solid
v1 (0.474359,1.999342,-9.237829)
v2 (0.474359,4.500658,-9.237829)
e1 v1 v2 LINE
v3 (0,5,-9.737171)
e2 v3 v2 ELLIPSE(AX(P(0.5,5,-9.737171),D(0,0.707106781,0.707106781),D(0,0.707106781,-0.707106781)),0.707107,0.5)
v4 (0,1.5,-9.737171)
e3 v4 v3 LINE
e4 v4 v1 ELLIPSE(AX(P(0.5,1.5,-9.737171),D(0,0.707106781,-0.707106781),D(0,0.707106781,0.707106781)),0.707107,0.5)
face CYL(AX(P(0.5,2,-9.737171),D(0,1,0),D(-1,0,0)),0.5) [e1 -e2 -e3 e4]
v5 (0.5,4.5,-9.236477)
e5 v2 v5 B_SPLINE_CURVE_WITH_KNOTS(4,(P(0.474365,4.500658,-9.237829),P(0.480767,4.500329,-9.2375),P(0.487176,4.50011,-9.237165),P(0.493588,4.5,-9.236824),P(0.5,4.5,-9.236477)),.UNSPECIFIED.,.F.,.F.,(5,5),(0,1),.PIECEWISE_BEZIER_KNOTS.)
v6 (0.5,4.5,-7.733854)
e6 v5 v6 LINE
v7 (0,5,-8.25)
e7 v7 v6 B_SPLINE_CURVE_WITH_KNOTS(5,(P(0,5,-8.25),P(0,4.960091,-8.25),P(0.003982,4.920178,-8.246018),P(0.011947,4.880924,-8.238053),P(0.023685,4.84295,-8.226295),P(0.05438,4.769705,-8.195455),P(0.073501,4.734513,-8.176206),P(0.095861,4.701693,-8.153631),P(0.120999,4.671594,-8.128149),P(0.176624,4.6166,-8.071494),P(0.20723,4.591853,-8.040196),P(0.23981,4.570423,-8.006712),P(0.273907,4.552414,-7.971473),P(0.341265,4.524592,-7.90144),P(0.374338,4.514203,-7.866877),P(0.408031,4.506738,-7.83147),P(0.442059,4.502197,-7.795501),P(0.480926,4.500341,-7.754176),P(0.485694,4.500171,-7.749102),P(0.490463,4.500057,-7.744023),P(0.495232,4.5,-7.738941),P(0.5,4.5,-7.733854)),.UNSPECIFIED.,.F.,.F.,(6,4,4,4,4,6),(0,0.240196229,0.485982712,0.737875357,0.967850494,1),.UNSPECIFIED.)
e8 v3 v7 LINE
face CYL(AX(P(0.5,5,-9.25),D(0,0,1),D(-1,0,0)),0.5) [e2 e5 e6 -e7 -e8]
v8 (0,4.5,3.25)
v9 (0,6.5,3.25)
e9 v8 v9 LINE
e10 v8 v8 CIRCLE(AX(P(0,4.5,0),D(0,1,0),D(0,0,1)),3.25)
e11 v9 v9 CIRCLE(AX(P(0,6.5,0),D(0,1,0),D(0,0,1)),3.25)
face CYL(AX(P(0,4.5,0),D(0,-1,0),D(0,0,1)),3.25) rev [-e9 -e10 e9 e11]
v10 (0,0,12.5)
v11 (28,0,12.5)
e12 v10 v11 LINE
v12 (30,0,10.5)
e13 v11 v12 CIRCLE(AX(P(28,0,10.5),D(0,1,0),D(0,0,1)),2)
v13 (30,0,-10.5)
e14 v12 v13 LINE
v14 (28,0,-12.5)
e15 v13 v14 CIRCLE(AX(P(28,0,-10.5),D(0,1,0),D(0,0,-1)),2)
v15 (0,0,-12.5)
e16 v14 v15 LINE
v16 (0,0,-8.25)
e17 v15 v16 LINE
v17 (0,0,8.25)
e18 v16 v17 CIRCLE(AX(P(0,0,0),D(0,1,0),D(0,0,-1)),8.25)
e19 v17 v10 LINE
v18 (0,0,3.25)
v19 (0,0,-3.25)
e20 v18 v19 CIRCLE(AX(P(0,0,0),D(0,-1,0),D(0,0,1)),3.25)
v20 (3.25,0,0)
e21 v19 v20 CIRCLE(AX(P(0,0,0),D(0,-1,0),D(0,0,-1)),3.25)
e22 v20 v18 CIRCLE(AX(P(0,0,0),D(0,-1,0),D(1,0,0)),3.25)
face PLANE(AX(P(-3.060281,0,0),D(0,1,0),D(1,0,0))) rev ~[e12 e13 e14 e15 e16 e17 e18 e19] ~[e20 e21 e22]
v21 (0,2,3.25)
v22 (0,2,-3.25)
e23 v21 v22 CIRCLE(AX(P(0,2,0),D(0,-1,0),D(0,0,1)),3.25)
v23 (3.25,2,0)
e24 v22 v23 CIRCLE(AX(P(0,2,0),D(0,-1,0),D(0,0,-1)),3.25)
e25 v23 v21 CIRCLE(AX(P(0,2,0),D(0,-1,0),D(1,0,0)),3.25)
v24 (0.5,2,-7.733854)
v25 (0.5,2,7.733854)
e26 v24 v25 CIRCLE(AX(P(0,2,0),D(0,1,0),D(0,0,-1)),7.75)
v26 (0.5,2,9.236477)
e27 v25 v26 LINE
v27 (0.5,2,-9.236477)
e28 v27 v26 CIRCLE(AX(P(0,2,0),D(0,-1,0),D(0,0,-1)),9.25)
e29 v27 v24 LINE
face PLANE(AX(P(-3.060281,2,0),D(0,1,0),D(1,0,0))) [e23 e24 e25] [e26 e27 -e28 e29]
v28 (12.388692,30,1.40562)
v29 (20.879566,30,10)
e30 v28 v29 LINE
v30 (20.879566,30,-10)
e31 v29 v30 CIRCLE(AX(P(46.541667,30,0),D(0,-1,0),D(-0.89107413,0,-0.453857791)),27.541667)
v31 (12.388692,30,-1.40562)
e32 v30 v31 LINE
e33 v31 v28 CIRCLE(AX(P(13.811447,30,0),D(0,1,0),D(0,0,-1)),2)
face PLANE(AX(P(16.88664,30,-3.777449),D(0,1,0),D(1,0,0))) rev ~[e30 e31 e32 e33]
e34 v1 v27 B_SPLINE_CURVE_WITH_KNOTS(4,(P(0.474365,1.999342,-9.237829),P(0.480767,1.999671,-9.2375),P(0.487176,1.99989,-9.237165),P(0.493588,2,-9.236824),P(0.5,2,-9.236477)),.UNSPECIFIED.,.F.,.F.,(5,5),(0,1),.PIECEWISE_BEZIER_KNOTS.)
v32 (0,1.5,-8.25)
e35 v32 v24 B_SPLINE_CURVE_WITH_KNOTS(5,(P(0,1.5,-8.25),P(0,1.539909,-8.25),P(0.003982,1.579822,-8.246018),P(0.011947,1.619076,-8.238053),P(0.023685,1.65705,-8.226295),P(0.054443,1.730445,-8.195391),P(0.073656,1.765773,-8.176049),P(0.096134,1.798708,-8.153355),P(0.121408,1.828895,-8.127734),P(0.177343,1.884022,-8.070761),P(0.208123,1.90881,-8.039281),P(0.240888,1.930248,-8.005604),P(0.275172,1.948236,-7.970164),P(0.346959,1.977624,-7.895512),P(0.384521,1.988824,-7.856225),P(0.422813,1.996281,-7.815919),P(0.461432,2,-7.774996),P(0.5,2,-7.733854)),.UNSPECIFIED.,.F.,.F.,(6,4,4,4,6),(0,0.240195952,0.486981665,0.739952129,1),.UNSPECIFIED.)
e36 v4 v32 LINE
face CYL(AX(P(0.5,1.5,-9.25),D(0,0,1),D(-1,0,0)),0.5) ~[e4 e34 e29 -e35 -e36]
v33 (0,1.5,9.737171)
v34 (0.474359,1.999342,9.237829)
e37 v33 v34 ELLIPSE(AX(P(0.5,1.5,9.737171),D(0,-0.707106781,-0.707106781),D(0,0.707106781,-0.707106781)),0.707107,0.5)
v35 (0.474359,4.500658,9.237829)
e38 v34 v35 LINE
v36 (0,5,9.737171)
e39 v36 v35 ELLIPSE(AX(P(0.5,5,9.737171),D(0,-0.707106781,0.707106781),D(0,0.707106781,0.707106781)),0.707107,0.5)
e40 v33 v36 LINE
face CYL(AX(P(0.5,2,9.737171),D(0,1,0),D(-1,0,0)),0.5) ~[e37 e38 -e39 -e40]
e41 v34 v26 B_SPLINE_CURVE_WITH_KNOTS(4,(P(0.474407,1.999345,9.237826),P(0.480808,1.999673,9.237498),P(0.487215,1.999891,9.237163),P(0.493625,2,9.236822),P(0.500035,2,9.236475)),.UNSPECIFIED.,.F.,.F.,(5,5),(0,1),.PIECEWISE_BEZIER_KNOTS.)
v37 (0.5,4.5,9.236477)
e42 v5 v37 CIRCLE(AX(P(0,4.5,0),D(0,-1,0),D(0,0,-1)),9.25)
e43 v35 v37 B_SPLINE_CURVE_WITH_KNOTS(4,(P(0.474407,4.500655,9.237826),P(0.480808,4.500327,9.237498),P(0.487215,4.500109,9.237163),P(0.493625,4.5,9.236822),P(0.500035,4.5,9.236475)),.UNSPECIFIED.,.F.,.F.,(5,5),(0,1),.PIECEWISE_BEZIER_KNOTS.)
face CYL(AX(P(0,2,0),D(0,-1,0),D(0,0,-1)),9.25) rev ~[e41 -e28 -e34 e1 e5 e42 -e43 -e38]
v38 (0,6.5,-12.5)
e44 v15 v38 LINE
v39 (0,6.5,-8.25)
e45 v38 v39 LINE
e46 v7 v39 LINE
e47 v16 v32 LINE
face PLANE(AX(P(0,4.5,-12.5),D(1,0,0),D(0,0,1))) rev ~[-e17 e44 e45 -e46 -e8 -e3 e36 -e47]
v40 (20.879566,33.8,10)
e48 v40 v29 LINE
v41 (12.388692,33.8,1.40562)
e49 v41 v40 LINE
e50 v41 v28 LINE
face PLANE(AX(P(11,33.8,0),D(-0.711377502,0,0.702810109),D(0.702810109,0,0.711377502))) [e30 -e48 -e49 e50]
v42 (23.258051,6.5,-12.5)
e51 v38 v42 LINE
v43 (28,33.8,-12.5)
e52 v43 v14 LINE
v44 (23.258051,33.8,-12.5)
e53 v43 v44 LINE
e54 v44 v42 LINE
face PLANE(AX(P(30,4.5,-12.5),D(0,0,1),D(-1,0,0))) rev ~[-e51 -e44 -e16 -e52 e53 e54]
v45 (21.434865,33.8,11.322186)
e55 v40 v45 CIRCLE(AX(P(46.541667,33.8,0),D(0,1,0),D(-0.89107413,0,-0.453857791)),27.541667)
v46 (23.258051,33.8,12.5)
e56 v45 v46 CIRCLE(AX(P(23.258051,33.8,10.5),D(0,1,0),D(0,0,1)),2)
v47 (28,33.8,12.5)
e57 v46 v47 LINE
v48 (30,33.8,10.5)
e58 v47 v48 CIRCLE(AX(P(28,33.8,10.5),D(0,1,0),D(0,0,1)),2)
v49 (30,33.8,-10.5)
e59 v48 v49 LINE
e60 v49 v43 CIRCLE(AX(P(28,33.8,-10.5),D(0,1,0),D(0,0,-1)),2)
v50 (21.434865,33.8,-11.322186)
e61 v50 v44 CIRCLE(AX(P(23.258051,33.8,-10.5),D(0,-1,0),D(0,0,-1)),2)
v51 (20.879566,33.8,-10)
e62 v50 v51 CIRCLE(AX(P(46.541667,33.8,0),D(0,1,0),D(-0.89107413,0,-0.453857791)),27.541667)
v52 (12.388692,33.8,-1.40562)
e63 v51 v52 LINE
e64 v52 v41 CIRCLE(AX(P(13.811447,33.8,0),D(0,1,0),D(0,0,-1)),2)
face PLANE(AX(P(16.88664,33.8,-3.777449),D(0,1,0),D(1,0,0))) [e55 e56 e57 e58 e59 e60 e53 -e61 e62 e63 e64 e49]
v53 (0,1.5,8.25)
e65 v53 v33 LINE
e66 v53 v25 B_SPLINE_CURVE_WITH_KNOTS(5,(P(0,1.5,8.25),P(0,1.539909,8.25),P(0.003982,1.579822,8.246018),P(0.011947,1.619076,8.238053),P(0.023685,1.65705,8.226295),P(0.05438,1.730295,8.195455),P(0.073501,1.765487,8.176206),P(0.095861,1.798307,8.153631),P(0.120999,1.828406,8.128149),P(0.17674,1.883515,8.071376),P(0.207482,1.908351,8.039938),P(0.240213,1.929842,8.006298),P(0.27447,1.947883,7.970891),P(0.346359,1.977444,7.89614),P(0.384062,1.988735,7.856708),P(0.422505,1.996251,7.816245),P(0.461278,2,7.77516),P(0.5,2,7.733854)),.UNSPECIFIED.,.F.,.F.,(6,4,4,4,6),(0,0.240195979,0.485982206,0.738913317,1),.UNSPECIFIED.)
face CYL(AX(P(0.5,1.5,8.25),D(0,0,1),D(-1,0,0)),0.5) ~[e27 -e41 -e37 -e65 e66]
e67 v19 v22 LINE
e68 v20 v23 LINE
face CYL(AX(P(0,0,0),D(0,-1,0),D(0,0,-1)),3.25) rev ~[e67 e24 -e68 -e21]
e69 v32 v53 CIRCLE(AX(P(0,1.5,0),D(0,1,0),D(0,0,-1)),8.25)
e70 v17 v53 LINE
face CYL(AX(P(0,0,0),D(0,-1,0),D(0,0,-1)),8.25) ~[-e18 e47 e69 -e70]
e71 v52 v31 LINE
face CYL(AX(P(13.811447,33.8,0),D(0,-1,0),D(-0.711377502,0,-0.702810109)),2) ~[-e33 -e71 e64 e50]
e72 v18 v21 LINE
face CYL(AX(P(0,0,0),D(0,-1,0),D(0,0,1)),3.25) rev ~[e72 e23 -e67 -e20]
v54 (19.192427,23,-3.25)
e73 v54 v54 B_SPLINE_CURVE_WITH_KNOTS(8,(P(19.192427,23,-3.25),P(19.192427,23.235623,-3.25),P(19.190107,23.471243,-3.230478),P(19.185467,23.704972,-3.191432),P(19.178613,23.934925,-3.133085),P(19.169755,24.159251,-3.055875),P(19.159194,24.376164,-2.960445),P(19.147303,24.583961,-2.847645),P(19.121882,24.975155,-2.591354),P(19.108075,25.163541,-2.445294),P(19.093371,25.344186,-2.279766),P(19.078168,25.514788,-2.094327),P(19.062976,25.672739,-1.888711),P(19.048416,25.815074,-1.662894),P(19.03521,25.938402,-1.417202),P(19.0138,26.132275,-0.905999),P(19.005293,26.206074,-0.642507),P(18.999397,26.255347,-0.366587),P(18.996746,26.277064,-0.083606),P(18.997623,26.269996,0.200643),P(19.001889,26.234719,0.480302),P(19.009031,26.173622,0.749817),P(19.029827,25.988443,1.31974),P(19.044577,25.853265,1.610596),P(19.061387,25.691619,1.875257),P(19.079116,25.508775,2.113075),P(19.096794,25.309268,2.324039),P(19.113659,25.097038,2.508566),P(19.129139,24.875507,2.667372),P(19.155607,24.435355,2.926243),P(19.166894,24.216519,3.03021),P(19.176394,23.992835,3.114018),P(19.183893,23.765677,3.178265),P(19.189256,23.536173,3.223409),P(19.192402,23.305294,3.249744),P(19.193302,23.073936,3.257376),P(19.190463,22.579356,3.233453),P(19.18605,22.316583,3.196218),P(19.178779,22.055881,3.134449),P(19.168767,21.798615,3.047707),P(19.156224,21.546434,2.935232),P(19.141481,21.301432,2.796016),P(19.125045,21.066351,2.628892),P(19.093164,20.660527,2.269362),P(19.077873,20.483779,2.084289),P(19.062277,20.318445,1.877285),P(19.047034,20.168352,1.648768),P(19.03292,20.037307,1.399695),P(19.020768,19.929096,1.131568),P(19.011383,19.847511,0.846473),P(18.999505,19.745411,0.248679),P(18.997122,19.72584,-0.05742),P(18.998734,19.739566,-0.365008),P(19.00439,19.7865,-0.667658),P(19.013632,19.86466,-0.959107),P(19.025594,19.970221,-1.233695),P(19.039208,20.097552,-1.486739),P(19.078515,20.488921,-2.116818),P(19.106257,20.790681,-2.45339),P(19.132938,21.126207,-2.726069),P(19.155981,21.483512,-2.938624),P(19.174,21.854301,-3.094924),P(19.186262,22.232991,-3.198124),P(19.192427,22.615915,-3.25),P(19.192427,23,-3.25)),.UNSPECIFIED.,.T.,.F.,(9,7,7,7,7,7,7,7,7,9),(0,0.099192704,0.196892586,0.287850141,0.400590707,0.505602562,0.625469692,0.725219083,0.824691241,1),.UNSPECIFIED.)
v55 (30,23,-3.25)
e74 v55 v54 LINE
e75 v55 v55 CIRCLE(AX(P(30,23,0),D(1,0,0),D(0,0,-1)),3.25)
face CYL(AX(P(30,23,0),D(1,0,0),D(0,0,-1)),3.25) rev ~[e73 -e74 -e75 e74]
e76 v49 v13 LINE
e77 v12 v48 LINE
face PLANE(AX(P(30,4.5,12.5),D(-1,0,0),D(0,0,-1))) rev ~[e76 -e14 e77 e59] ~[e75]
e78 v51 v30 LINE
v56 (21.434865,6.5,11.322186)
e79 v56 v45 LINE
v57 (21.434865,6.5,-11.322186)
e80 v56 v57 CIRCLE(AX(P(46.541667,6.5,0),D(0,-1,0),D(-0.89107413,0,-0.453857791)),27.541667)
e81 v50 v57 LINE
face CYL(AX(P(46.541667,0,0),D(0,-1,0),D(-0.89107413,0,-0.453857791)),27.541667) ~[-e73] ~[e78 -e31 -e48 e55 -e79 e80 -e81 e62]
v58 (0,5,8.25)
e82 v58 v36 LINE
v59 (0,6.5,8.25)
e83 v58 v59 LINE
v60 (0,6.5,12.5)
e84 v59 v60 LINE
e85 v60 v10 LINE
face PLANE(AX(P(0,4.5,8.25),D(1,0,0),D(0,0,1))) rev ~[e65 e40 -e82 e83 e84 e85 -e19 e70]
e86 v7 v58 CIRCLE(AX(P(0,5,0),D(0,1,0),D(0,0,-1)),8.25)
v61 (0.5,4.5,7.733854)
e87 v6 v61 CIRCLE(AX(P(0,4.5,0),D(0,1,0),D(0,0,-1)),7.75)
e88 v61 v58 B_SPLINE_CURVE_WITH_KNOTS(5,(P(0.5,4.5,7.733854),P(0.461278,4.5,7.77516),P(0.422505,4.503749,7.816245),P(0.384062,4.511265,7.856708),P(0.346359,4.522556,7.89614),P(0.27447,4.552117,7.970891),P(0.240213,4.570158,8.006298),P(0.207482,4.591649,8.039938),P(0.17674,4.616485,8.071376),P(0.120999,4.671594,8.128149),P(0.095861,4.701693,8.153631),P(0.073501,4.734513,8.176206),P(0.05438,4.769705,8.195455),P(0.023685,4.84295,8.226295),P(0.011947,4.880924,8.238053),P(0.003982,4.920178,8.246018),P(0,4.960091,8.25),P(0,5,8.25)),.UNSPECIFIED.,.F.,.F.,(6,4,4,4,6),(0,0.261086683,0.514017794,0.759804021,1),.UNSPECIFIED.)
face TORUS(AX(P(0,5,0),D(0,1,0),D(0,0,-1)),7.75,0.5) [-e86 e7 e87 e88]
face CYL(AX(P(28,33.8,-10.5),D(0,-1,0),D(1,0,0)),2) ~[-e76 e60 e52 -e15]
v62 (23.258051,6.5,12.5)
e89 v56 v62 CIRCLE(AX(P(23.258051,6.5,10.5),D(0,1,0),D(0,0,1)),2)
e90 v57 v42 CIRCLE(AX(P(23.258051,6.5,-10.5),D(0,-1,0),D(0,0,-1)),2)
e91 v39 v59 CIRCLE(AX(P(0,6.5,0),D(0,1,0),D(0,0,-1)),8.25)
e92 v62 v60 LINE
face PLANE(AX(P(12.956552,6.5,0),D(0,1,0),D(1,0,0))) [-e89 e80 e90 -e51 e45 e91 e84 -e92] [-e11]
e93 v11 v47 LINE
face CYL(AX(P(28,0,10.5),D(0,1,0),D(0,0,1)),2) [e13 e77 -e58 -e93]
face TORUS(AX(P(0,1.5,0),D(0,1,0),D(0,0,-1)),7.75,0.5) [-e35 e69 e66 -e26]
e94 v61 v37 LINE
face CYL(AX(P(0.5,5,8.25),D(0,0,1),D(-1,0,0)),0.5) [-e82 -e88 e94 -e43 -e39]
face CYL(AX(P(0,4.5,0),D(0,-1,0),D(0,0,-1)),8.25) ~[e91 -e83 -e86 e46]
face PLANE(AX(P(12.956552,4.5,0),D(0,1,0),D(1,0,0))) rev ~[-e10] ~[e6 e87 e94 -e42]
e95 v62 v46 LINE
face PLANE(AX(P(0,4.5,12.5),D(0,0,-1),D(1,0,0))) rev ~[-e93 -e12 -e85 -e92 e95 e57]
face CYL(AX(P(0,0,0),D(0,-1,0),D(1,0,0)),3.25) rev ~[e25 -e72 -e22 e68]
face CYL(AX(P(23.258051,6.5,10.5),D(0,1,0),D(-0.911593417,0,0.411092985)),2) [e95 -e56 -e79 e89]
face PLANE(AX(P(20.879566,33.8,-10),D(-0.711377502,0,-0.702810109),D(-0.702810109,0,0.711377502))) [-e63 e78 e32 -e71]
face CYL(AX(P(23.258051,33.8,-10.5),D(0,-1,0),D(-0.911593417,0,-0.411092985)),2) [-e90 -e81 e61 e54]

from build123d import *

# Parameters (mm, degrees)
BOSS_EXTRUDE1_DEPTH     = 2
BOSS_EXTRUDE2_START     = 2
BOSS_EXTRUDE2_DEPTH     = 2.5
BOSS_EXTRUDE3_START     = 4.5
SKETCH1_6_R             = 3.25
BOSS_EXTRUDE3_DEPTH     = 2
BOSS_EXTRUDE6_DEPTH     = 33.8
BOSS_EXTRUDE7_DEPTH     = 3.8
FILLET1_R               = 2
FILLET2_R               = 2
FILLET3_R               = 0.5
CUT_EXTRUDE1_REACH      = 54.552
CUT_EXTRUDE1_END_RADIUS = 27.541666667
SKETCH6_R               = 3.25


with BuildPart() as part:
    # Sketch1 → Boss-Extrude1 (new body)
    with BuildSketch(Plane(origin=(0, 0, 0), x_dir=(1, 0, 0), z_dir=(0, 1, 0))):
        with BuildLine():
            ThreePointArc((0, 8.25), (-8.25, 0), (0, -8.25))
            Line((0, -8.25), (0, -3.25))
            ThreePointArc((0, -3.25), (-3.25, 0), (0, 3.25))
            Line((0, 3.25), (0, 8.25))
        make_face()
        with BuildLine():
            Line((0, -3.25), (0, -8.25))
            ThreePointArc((0, -8.25), (5.833630945, -5.833630945), (8.25, 0))
            ThreePointArc((8.25, 0), (5.833630945, 5.833630945), (0, 8.25))
            Line((0, 8.25), (0, 3.25))
            ThreePointArc((0, 3.25), (2.298097039, 2.298097039), (3.25, 0))
            ThreePointArc((3.25, 0), (2.298097039, -2.298097039), (0, -3.25))
        make_face()
        with BuildLine():
            Line((0, -8.25), (0, -9.25))
            ThreePointArc((0, -9.25), (9.25, 0), (0, 9.25))
            Line((0, 9.25), (0, 8.25))
            ThreePointArc((0, 8.25), (5.833630945, 5.833630945), (8.25, 0))
            ThreePointArc((8.25, 0), (5.833630945, -5.833630945), (0, -8.25))
        make_face()
        with BuildLine():
            Line((0, -12.5), (22, -12.5))
            ThreePointArc((22, -12.5), (19, 0), (22, 12.5))
            Line((22, 12.5), (0, 12.5))
            Line((0, 12.5), (0, 9.25))
            ThreePointArc((0, 9.25), (9.25, 0), (0, -9.25))
            Line((0, -9.25), (0, -12.5))
        make_face()
        with BuildLine():
            Line((22, -12.5), (30, -12.5))
            Line((30, -12.5), (30, 12.5))
            Line((30, 12.5), (22, 12.5))
            ThreePointArc((22, 12.5), (19, 0), (22, -12.5))
        make_face()
    extrude(amount=BOSS_EXTRUDE1_DEPTH)

    # Sketch1<4> → Boss-Extrude2 (add)
    with BuildSketch(Plane(origin=(0, 0, 0), x_dir=(1, 0, 0), z_dir=(0, 1, 0)).offset(BOSS_EXTRUDE2_START)):
        with BuildLine():
            Line((30, -12.5), (30, 12.5))
            Line((30, 12.5), (0, 12.5))
            Line((0, 12.5), (0, 9.25))
            ThreePointArc((0, 9.25), (9.25, 0), (0, -9.25))
            Line((0, -9.25), (0, -12.5))
            Line((0, -12.5), (30, -12.5))
        make_face()
    extrude(amount=BOSS_EXTRUDE2_DEPTH)

    # Sketch1<6> → Boss-Extrude3 (add)
    with BuildSketch(Plane(origin=(0, 0, 0), x_dir=(1, 0, 0), z_dir=(0, 1, 0)).offset(BOSS_EXTRUDE3_START)):
        with BuildLine():
            Line((30, -12.5), (30, 12.5))
            Line((30, 12.5), (0, 12.5))
            Line((0, 12.5), (0, 8.25))
            ThreePointArc((0, 8.25), (-8.25, 0), (0, -8.25))
            Line((0, -8.25), (0, -12.5))
            Line((0, -12.5), (30, -12.5))
        make_face()
        with Locations(Location((0, 0, 0), (0, 0, 270))):
            Circle(SKETCH1_6_R, mode=Mode.SUBTRACT)
    extrude(amount=BOSS_EXTRUDE3_DEPTH)

    # Sketch1<8> → Boss-Extrude6 (add)
    with BuildSketch(Plane(origin=(0, 0, 0), x_dir=(1, 0, 0), z_dir=(0, 1, 0))):
        with BuildLine():
            Line((22, -12.5), (30, -12.5))
            Line((30, -12.5), (30, 12.5))
            Line((30, 12.5), (22, 12.5))
            ThreePointArc((22, 12.5), (19, 0), (22, -12.5))
        make_face()
    extrude(amount=BOSS_EXTRUDE6_DEPTH)

    # Sketch3 → Boss-Extrude7 (add)
    with BuildSketch(Plane(origin=(0, 33.8, 0), x_dir=(1, 0, 0), z_dir=(0, 1, 0))):
        with BuildLine():
            Line((11, 0), (19, 0))
            ThreePointArc((19, 0), (19.473969858, 5.087552676), (20.879566153, 10))
            Line((20.879566153, 10), (11, 0))
        make_face()
        with BuildLine():
            ThreePointArc((20.879566153, -10), (19.473969858, -5.087552676), (19, 0))
            Line((19, 0), (11, 0))
            Line((11, 0), (20.879566153, -10))
        make_face()
        with BuildLine():
            ThreePointArc((20.879566153, 10), (19.473969858, 5.087552676), (19, 0))
            ThreePointArc((19, 0), (19.473969858, -5.087552676), (20.879566153, -10))
            ThreePointArc((20.879566153, -10), (21.408679185, -11.263939941), (22, -12.5))
            Line((22, -12.5), (30, -12.5))
            Line((30, -12.5), (30, 12.5))
            Line((30, 12.5), (22, 12.5))
            ThreePointArc((22, 12.5), (21.408679185, 11.263939941), (20.879566153, 10))
        make_face()
    extrude(amount=-BOSS_EXTRUDE7_DEPTH)

    # Fillet1
    fillet1_edges = [part.edges().sort_by_distance(p)[0] for p in [
        (11, 31.9, 0),
    ]]
    fillet(fillet1_edges, radius=FILLET1_R)

    # Fillet2
    fillet2_edges = [part.edges().sort_by_distance(p)[0] for p in [
        (30, 16.9, -12.5),
        (30, 16.9, 12.5),
        (22, 20.15, -12.5),
        (22, 20.15, 12.5),
    ]]
    fillet(fillet2_edges, radius=FILLET2_R)

    # Fillet3
    fillet3_edges = [part.edges().sort_by_distance(p)[0] for p in [
        (0, 2, 8.75),
        (0, 3.25, -9.25),
        (0, 3.25, 9.25),
        (0, 2, -8.75),
        (0, 4.5, -8.75),
        (-8.25, 4.5, 0),
        (0, 4.5, 8.75),
        (-8.25, 2, 0),
    ]]
    fillet(fillet3_edges, radius=FILLET3_R)

    # Cut-Extrude1: up to this cylinder (the profile starts inside it)
    cut_extrude1_end = Plane(origin=(46.541666667, 23, 0), z_dir=(0, -1, 0)) * Cylinder(CUT_EXTRUDE1_END_RADIUS, 165.187333333, mode=Mode.PRIVATE)
    # Sketch6 → Cut-Extrude1 (cut, up to the surface)
    with BuildSketch(Plane(origin=(30, 0, 0), x_dir=(0, 0, -1), z_dir=(1, 0, 0)), mode=Mode.PRIVATE) as cut_extrude1_sk1:
        with Locations((0, 23)):
            Circle(SKETCH6_R)
    cut_extrude1_tool1 = extrude(cut_extrude1_sk1.sketch, amount=-CUT_EXTRUDE1_REACH, mode=Mode.PRIVATE) & cut_extrude1_end
    add(cut_extrude1_tool1.solids().sort_by_distance((30, 23, 0))[0], mode=Mode.SUBTRACT)


solid = part.part
